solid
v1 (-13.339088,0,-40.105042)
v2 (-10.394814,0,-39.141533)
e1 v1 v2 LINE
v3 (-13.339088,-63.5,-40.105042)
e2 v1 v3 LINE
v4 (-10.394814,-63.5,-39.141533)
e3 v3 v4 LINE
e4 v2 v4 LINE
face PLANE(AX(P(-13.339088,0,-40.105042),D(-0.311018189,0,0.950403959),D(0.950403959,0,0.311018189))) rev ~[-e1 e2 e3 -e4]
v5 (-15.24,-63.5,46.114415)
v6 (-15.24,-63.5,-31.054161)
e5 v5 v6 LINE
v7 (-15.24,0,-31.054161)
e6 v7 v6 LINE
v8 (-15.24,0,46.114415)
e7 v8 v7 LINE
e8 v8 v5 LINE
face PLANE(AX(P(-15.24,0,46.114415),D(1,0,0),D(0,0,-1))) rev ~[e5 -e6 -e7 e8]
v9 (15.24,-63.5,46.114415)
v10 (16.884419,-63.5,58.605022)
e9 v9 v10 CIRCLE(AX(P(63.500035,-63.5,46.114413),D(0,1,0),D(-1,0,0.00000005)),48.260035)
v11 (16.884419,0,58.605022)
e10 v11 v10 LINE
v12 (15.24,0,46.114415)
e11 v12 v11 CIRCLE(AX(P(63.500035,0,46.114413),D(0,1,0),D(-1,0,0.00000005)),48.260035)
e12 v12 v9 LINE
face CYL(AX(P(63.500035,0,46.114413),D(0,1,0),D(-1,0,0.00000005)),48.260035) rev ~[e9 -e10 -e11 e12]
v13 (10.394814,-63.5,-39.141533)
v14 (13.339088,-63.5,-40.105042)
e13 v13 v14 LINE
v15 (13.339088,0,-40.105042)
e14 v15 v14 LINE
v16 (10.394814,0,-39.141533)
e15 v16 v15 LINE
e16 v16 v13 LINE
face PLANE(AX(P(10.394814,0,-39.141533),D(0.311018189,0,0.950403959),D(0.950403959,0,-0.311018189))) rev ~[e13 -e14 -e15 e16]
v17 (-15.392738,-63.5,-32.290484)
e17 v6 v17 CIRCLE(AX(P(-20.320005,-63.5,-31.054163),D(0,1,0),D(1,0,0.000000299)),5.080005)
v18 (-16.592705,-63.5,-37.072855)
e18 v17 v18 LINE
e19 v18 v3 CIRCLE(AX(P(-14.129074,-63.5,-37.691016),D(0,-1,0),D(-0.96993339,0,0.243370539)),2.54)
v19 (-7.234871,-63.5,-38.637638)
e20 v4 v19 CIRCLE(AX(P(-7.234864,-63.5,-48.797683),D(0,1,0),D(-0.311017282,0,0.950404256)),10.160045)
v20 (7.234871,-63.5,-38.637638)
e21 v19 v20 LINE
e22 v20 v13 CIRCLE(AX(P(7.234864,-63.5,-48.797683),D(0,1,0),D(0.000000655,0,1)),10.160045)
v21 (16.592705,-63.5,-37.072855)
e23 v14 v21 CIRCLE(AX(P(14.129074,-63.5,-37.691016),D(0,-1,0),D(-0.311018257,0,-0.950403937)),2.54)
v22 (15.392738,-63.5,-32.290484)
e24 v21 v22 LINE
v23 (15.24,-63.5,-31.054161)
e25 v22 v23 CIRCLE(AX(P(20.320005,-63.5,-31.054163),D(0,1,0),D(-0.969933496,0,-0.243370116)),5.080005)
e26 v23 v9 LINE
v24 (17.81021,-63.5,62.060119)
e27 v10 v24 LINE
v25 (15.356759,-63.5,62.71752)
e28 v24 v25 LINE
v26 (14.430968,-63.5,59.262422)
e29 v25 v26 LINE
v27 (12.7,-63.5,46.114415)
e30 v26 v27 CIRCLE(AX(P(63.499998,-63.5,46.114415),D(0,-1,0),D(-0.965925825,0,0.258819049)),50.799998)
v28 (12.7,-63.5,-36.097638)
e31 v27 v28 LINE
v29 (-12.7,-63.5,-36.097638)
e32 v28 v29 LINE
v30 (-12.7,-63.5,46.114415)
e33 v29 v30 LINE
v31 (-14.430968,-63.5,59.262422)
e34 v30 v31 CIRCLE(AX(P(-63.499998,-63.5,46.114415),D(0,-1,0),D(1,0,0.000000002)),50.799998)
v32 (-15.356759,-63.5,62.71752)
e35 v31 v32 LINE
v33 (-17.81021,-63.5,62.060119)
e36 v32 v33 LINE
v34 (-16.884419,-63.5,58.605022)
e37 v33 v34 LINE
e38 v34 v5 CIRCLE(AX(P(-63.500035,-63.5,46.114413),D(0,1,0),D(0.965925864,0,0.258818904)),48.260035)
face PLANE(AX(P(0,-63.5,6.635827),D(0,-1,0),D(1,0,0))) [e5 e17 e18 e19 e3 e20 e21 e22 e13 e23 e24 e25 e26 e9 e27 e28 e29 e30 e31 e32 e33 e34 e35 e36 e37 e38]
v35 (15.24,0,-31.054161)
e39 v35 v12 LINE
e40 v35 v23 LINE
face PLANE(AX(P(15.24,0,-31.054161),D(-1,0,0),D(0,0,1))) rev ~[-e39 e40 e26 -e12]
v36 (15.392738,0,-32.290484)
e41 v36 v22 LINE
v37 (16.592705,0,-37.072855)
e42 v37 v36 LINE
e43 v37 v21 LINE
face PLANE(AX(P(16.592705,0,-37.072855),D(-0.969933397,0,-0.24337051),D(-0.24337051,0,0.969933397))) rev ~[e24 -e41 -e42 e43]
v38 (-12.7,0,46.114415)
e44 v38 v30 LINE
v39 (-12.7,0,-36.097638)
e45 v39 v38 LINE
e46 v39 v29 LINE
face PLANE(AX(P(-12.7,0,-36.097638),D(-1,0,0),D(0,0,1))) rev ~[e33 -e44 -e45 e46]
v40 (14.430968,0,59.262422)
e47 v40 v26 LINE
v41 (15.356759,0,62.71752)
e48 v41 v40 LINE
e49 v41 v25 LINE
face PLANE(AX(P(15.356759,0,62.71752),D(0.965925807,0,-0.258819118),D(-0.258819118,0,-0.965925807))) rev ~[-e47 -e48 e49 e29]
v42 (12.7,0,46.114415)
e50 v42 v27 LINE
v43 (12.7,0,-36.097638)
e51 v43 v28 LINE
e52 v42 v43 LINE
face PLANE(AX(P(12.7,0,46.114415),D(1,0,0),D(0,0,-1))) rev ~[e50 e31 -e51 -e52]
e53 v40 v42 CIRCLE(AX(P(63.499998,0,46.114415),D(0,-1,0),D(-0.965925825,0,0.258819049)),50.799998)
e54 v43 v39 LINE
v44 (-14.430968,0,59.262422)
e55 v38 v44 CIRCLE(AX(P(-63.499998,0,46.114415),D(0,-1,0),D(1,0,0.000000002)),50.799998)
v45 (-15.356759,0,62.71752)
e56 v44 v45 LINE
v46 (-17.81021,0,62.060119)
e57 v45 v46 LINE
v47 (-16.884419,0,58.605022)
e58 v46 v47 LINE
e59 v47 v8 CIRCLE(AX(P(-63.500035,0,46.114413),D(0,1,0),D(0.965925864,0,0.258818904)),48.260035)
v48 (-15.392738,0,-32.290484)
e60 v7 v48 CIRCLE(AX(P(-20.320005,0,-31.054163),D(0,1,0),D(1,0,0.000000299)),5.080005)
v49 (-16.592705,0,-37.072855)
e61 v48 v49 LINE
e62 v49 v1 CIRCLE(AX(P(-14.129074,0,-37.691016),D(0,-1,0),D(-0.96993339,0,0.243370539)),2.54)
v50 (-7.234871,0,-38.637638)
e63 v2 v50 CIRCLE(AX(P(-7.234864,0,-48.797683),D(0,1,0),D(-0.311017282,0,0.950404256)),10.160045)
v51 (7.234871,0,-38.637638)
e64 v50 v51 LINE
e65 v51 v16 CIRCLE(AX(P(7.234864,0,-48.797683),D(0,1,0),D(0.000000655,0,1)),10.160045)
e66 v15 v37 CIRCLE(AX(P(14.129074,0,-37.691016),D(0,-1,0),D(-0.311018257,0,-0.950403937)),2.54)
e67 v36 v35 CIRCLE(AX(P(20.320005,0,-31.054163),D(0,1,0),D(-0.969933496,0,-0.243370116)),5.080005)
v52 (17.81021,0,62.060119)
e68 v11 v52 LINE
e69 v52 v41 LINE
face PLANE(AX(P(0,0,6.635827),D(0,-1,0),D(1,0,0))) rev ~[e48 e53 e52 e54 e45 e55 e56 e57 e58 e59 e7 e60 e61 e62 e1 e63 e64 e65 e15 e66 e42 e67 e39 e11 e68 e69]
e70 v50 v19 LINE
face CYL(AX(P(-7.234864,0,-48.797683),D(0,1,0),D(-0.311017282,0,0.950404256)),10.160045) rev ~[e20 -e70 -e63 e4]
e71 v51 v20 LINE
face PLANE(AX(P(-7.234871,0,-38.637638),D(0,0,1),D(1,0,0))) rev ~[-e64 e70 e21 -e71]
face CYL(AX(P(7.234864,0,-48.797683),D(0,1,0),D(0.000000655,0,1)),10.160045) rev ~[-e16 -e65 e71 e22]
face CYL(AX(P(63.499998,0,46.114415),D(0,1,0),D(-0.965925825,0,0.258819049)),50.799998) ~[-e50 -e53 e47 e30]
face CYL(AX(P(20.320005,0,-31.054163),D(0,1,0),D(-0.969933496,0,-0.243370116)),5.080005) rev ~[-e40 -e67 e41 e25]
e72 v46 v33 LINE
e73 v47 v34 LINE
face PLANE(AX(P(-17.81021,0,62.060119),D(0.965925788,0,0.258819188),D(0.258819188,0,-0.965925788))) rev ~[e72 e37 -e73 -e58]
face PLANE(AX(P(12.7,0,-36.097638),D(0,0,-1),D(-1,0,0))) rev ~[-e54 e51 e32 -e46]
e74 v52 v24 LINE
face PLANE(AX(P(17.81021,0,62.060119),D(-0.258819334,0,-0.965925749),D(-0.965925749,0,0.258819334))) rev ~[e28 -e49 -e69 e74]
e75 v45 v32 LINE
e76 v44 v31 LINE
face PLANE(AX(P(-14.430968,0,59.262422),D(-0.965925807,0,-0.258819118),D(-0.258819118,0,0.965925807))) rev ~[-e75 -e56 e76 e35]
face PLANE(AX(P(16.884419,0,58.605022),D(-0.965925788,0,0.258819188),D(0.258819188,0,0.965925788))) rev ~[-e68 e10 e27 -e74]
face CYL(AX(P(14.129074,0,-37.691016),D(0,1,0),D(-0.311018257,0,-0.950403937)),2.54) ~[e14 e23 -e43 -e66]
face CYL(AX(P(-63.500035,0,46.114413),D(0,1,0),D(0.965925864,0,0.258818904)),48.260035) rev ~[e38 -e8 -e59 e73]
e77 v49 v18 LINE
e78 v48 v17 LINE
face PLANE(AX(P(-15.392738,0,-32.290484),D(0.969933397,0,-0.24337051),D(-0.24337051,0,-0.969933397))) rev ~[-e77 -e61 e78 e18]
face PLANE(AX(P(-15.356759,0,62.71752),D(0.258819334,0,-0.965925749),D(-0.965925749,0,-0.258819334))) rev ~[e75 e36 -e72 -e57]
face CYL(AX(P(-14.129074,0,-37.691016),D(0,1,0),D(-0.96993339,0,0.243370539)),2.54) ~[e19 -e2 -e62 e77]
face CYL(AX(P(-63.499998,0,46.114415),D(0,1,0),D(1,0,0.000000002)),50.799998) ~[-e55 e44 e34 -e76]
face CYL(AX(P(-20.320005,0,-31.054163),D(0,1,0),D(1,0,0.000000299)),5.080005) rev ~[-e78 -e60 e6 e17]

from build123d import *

# Parameters (mm, degrees)
F1_DEPTH = 63.5


with BuildPart() as f1:
    # F0 (on Front) → F1 (new body)
    with BuildSketch(Plane.XZ):
        with BuildLine():
            Line((-12.7, -36.097638), (-12.7, 46.114415))
            ThreePointArc((-12.7, 46.114415), (-13.134601, 52.745145), (-14.430968, 59.262422))
            Line((-14.430968, 59.262422), (-15.356759, 62.71752))
            Line((-15.356759, 62.71752), (-17.81021, 62.060119))
            Line((-17.81021, 62.060119), (-16.884419, 58.605022))
            ThreePointArc((-16.884419, 58.605022), (-15.652871, 52.413609), (-15.24, 46.114415))
            Line((-15.24, 46.114415), (-15.24, -31.054161))
            ThreePointArc((-15.24, -31.054161), (-15.278329, -31.677022), (-15.392738, -32.290484))
            Line((-15.392738, -32.290484), (-16.592705, -37.072855))
            ThreePointArc((-16.592705, -37.072855), (-15.860782, -39.549184), (-13.339088, -40.105042))
            Line((-13.339088, -40.105042), (-10.394814, -39.141533))
            ThreePointArc((-10.394814, -39.141533), (-8.834804, -38.764403), (-7.234871, -38.637638))
            Line((-7.234871, -38.637638), (0, -38.637638))
            Line((0, -38.637638), (7.234871, -38.637638))
            ThreePointArc((7.234871, -38.637638), (8.834804, -38.764403), (10.394814, -39.141533))
            Line((10.394814, -39.141533), (13.339088, -40.105042))
            ThreePointArc((13.339088, -40.105042), (15.860782, -39.549184), (16.592705, -37.072855))
            Line((16.592705, -37.072855), (15.392738, -32.290484))
            ThreePointArc((15.392738, -32.290484), (15.278329, -31.677022), (15.24, -31.054161))
            Line((15.24, -31.054161), (15.24, 46.114415))
            ThreePointArc((15.24, 46.114415), (15.652871, 52.413609), (16.884419, 58.605022))
            Line((16.884419, 58.605022), (17.81021, 62.060119))
            Line((17.81021, 62.060119), (15.356759, 62.71752))
            Line((15.356759, 62.71752), (14.430968, 59.262422))
            ThreePointArc((14.430968, 59.262422), (13.134601, 52.745145), (12.7, 46.114415))
            Line((12.7, 46.114415), (12.7, -36.097638))
            Line((12.7, -36.097638), (0, -36.097638))
            Line((0, -36.097638), (-12.7, -36.097638))
        make_face()
    extrude(amount=F1_DEPTH)


solid = f1.part
